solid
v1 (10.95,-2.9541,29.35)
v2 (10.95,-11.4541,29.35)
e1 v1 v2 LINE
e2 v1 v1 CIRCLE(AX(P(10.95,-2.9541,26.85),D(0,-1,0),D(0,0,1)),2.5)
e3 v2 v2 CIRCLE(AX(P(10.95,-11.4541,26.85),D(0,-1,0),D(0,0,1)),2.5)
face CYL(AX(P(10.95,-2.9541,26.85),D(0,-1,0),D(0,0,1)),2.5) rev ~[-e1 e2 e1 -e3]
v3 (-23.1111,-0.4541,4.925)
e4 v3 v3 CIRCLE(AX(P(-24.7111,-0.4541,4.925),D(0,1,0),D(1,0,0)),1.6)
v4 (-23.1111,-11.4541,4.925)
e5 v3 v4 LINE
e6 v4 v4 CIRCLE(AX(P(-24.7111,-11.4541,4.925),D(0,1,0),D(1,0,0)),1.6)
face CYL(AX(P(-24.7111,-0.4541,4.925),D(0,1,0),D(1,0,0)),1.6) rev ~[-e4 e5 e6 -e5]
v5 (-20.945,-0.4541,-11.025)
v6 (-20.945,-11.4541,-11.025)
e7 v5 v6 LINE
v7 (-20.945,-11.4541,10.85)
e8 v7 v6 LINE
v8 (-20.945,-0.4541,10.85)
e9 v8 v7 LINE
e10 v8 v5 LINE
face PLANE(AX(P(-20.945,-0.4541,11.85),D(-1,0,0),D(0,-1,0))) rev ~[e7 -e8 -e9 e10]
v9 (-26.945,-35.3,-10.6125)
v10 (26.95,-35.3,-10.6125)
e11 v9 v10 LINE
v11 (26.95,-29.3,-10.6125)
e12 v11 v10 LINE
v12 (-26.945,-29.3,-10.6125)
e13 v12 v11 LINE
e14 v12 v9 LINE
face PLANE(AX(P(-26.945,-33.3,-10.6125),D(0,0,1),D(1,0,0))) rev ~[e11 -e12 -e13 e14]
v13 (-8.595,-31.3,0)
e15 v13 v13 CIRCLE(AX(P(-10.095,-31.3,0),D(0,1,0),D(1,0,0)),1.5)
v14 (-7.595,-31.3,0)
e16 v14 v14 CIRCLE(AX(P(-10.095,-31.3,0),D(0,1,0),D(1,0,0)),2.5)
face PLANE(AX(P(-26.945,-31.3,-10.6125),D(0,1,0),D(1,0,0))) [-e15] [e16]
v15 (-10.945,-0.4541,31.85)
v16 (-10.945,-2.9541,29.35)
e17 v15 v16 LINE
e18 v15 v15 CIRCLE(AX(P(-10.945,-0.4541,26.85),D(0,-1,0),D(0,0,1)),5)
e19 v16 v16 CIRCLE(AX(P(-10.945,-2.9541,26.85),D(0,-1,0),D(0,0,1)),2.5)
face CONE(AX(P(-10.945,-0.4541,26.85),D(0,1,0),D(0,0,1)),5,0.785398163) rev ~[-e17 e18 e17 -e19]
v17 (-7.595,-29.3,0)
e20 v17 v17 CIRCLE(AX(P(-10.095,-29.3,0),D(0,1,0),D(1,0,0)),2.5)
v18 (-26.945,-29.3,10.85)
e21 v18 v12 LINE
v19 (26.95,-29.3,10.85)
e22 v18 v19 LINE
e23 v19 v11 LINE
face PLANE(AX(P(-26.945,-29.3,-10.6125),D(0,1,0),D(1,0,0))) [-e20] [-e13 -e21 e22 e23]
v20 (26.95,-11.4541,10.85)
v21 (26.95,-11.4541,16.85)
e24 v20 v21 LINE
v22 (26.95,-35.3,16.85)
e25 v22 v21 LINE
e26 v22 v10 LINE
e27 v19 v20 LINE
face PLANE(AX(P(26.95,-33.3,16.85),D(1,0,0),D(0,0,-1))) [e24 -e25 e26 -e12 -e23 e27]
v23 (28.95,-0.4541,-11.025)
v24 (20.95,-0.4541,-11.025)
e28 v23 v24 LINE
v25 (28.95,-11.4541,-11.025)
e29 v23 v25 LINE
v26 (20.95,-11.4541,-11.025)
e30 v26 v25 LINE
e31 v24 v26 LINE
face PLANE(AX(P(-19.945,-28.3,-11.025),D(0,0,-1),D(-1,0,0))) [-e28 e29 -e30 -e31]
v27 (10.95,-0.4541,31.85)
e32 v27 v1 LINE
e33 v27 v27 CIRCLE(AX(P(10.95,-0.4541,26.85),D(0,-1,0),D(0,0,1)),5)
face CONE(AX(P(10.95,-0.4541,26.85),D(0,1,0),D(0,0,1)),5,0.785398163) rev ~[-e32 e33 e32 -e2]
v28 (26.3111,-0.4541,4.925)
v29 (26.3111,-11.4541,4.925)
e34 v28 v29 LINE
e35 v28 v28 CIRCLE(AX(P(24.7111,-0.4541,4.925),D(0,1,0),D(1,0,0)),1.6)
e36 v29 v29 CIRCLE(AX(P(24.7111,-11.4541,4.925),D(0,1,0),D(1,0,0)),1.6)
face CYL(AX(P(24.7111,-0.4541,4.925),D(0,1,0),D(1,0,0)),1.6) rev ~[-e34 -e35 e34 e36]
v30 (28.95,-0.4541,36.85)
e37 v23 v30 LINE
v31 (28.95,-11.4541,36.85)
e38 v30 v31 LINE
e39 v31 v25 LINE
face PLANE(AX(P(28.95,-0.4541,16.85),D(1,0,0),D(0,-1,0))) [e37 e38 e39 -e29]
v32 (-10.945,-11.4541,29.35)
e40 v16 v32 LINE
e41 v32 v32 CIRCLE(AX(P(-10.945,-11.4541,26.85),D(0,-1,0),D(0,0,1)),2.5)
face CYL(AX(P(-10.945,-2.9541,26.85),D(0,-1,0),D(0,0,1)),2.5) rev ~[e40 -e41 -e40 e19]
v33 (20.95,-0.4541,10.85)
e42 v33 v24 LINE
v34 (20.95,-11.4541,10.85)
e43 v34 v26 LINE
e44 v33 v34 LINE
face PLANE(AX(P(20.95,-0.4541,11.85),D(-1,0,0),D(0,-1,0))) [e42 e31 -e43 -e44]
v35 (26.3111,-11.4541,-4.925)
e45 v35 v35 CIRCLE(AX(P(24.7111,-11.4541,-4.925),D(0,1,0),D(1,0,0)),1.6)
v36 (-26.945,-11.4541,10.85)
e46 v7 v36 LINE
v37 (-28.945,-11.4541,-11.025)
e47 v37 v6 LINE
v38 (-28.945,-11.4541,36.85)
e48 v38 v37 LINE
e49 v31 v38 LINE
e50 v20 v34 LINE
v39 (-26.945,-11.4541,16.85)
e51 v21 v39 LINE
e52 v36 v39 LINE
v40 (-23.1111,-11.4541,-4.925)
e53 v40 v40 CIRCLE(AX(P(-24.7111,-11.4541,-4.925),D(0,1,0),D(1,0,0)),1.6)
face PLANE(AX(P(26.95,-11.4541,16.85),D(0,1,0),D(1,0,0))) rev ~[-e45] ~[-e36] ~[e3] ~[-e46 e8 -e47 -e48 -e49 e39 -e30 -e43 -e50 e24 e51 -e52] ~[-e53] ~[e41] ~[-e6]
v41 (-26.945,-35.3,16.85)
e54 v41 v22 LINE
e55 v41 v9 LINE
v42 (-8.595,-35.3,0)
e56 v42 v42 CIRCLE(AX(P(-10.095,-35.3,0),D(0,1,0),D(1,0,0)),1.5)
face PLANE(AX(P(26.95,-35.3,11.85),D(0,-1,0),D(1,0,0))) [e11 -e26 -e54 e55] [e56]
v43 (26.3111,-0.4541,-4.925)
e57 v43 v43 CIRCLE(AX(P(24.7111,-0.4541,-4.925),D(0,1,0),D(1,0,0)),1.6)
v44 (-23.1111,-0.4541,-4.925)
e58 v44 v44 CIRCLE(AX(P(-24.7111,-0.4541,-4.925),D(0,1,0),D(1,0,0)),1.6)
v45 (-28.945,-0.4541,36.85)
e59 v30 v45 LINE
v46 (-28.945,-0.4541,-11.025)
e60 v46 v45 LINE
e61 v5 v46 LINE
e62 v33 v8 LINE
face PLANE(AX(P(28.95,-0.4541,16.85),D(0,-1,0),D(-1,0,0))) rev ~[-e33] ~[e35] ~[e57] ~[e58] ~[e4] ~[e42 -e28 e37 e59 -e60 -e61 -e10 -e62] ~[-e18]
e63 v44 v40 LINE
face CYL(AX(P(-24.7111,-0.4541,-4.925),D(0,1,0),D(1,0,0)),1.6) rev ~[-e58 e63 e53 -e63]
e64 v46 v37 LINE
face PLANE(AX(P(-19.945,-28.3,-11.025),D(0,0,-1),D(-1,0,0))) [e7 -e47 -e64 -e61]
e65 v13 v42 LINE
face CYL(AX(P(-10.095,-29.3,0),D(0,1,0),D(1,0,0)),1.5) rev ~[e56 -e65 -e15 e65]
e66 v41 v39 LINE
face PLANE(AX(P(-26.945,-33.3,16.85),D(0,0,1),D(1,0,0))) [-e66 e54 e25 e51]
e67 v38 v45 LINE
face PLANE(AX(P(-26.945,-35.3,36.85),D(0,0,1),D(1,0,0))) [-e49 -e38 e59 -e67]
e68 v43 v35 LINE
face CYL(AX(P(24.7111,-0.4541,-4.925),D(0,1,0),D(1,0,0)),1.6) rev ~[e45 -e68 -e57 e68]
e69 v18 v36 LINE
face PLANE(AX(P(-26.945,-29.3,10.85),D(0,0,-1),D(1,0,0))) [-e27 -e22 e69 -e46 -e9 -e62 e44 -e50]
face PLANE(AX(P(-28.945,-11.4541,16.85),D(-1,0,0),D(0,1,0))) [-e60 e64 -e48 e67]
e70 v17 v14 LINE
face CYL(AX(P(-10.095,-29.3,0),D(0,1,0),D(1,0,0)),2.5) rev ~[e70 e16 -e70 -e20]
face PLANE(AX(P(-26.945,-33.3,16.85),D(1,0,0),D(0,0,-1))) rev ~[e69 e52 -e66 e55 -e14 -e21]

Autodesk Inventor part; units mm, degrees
ref_plane "Work Plane1" through (-19.25, -0.5, 9.85) normal (0, 0, 1) x (1, 0, 0)
sketch "Sketch1" plane through (-19.25, -0.5, 9.85) normal (0, 0, 1) x (1, 0, 0)
  line L0 (-0.695, -27.8) -> (39.2, -27.8)
  line L1 (39.2, -27.8) -> (39.2, 8.9608)
  line L2 (39.2, 8.9608) -> (-0.695, 8.9608)
  line L3 (-0.695, 8.9608) -> (-0.695, -27.8)
  point P0 (19.25, 0.5)
extrude "Extrusion1" add sketch "Sketch1" along normal blind 3
ref_plane "Work Plane2" through (-19.25, -0.5, 12.85) normal (0, 0, 1) x (1, 0, 0)
sketch "Sketch2" plane through (-19.25, -0.5, 12.85) normal (0, 0, 1) x (1, 0, 0)
  line L0 (39.2, -27.8) -> (39.2, 8.9608) projected
  line L1 (39.2, -27.8) -> (-0.695, -27.8)
  line L2 (-0.695, -27.8) -> (-0.695, 8.9608)
  line L3 (-0.695, 8.9608) -> (39.2, 8.9608)
  line L4 (39.2, 8.9608) -> (39.2, -27.8)
  point P0 (19.25, 0.5)
  point P1 (39.2, 8.9608)
extrude "Extrusion2" add sketch "Sketch2" along normal blind 5
ref_plane "Work Plane4" through (19.95, -28.3, 9.85) normal (1, 0, 0) x (0, 0, -1)
sketch "Sketch3" plane through (19.95, -28.3, 9.85) normal (1, 0, 0) x (0, 0, -1)
  line L0 (0, 0) -> (0, 36.7608) projected
  line L1 (0, 0) -> (-8, 0) projected
  line L2 (0, 36.7608) -> (-2, 36.7608)
  line L3 (-2, 36.7608) -> (-2, 0)
  line L4 (-2, 0) -> (0, 0)
  line L5 (0, 0) -> (0, 36.7608)
  point P0 (9.85, 28.3)
  dimension "d4" = 2
extrude "Extrusion3" cut sketch "Sketch3" against normal blind 50
ref_plane "Work Plane3" through (19.95, -28.3, 17.85) normal (1, 0, 0) x (0, 0, -1)
sketch "Sketch4" plane through (19.95, -28.3, 17.85) normal (1, 0, 0) x (0, 0, -1)
  line L0 (6, 0) -> (0, 0) projected
  line L1 (6, 36.7608) -> (0, 36.7608) projected
  line L2 (0, 0) -> (1, 0)
  line L3 (1, 0) -> (1, 36.7608)
  line L4 (1, 36.7608) -> (0, 36.7608)
  line L5 (0, 36.7608) -> (0, 0)
  point P0 (17.85, 28.3)
  point P1 (1, 0)
  dimension "d7" = 1
extrude "Extrusion4" cut sketch "Sketch4" against normal blind 50
ref_plane "Work Plane5" through (19.95, -28.3, 11.85) normal (1, 0, 0) x (0, 0, -1)
sketch "Sketch5" plane through (19.95, -28.3, 11.85) normal (1, 0, 0) x (0, 0, -1)
  line L0 (-5, 36.7608) -> (-5, 0) projected
  line L1 (0, 0) -> (0, 36.7608) projected
  line L2 (-5, 36.7608) -> (0, 36.7608)
  line L3 (0, 36.7608) -> (0, 0)
  line L4 (0, 0) -> (-5, 0)
  line L5 (-5, 0) -> (-5, 36.7608)
  point P0 (11.85, 28.3)
extrude "Extrusion5" add sketch "Sketch5" along normal blind 7
ref_plane "Work Plane6" through (-19.945, -28.3, 11.85) normal (0, 0, -1) x (-1, 0, 0)
sketch "Sketch6" plane through (-19.945, -28.3, 11.85) normal (0, 0, -1) x (-1, 0, 0)
  line L0 (-46.895, 0) -> (-46.895, 36.7608) projected
  line L1 (-46.895, 27.8459) -> (-40.895, 27.8459)
  line L2 (-40.895, 27.8459) -> (-40.895, 11.8459)
  line L3 (-40.895, 11.8459) -> (-46.895, 11.8459)
  line L4 (-46.895, 11.8459) -> (-46.895, 27.8459)
  point P0 (-19.945, 28.3)
  dimension "d12" = 6
  dimension "d13" = 16
extrude "Extrusion6" add sketch "Sketch6" along normal blind 22.875
sketch "Sketch7" plane through (20.95, -0.4541, 11.85) normal (0, 1, 0) x (1, 0, 0)
  arc A0 (5.4164, 8.2173) -> (5.4164, 5.6327) centre (3.7611, 6.925) ccw projected
  circle A1 centre (3.7611, 6.925) radius 2.5
  arc A2 (5.4164, 18.0673) -> (5.4164, 15.4827) centre (3.7611, 16.775) ccw projected
  circle A3 centre (3.7611, 16.775) radius 2.5
  point P0 (-20.95, 11.85)
  dimension "d16" = 5
  dimension "d17" = 5
extrude "Extrusion7" cut sketch "Sketch7" against normal blind 22.875
ref_plane "Work Plane7" through (26.95, -28.3, 11.85) normal (1, 0, 0) x (0, 0, -1)
sketch "Sketch8" plane through (26.95, -28.3, 11.85) normal (1, 0, 0) x (0, 0, -1)
  line L0 (0, 11.8459) -> (22.875, 11.8459) projected
  line L1 (22.875, 27.8459) -> (22.875, 11.8459) projected
  line L2 (0, 11.8459) -> (22.875, 11.8459)
  line L3 (22.875, 11.8459) -> (22.875, 16.8459)
  line L4 (22.875, 16.8459) -> (0, 16.8459)
  line L5 (0, 16.8459) -> (0, 11.8459)
  point P0 (11.85, 28.3)
  dimension "d20" = 5
extrude "Extrusion8" cut sketch "Sketch8" against normal blind 6.7
ref_plane "Work Plane8" through (-19.945, -28.3, 11.85) normal (-1, 0, 0) x (0, 0, 1)
sketch "Sketch9" plane through (-19.945, -28.3, 11.85) normal (-1, 0, 0) x (0, 0, 1)
  line L0 (0, 36.7608) -> (0, 0) projected
  line L1 (5, 0) -> (0, 0) projected
  line L2 (0, 36.7608) -> (5, 36.7608)
  line L3 (5, 36.7608) -> (5, 0)
  line L4 (5, 0) -> (0, 0)
  line L5 (0, 0) -> (0, 36.7608)
  point P0 (-11.85, 28.3)
extrude "Extrusion9" add sketch "Sketch9" along normal blind 7
ref_plane "Work Plane10" through (26.95, -0.4541, 11.85) normal (0, 0, -1) x (-1, 0, 0)
sketch "Sketch11" plane through (26.95, -0.4541, 11.85) normal (0, 0, -1) x (-1, 0, 0)
  line L0 (53.895, -27.8459) -> (53.895, 8.9148) projected
  line L1 (53.895, 0) -> (47.895, 0)
  line L2 (47.895, 0) -> (47.895, -11)
  line L3 (47.895, -11) -> (53.895, -11)
  line L4 (53.895, -11) -> (53.895, 0)
  point P0 (26.95, 0.4541)
  dimension "d25" = 6
extrude "Extrusion10" add sketch "Sketch11" along normal blind 22.875
sketch "Sketch12" plane through (-26.945, -0.4541, 11.85) normal (0, 1, 0) x (1, 0, 0)
  arc A0 (0.5786, 15.4827) -> (0.5786, 18.0673) centre (2.2339, 16.775) ccw projected
  circle A1 centre (2.2339, 16.775) radius 2.5
  arc A2 (0.5786, 5.6327) -> (0.5786, 8.2173) centre (2.2339, 6.925) ccw projected
  circle A3 centre (2.2339, 6.925) radius 2.5
  point P0 (26.945, 11.85)
  dimension "d28" = 5
  dimension "d29" = 5
extrude "Extrusion11" cut sketch "Sketch12" against normal blind 22.875
ref_plane "Work Plane11" through (-26.945, -28.3, 11.85) normal (-1, 0, 0) x (0, 0, 1)
sketch "Sketch13" plane through (-26.945, -28.3, 11.85) normal (-1, 0, 0) x (0, 0, 1)
  line L0 (0, 16.8459) -> (0, 27.8459) projected
  line L1 (5, 36.7608) -> (0, 36.7608) projected
  line L2 (0, 27.8459) -> (5, 27.8459)
  line L3 (5, 27.8459) -> (5, 36.7608)
  line L4 (5, 36.7608) -> (0, 36.7608)
  line L5 (0, 36.7608) -> (0, 27.8459)
  point P0 (-11.85, 28.3)
extrude "Extrusion12" cut sketch "Sketch13" against normal blind 67.325
ref_plane "Work Plane9" through (26.95, -28.3, 11.85) normal (0, -1, 0) x (1, 0, 0)
sketch "Sketch14" plane through (26.95, -28.3, 11.85) normal (0, -1, 0) x (1, 0, 0)
  line L0 (0, 5) -> (0, 0) projected
  line L1 (0, 5) -> (-53.895, 5) projected
  line L2 (0, 0) -> (-53.895, 0)
  line L3 (-53.895, 0) -> (-53.895, 5)
  line L4 (-53.895, 5) -> (0, 5)
  line L5 (0, 5) -> (0, 0)
  point P0 (-26.95, -11.85)
extrude "Extrusion13" add sketch "Sketch14" along normal blind 5
ref_plane "Work Plane12" through (26.95, -11.4541, 11.85) normal (0, 0, -1) x (-1, 0, 0)
sketch "Sketch15" plane through (26.95, -11.4541, 11.85) normal (0, 0, -1) x (-1, 0, 0)
  line L0 (53.895, -21.8459) -> (0, -21.8459) projected
  line L1 (53.895, 11) -> (53.895, -21.8459) projected
  line L2 (0, -21.8459) -> (53.895, -21.8459)
  line L3 (53.895, -21.8459) -> (53.895, -17.8459)
  line L4 (53.895, -17.8459) -> (0, -17.8459)
  line L5 (0, -17.8459) -> (0, -21.8459)
  point P0 (26.95, 11.4541)
  dimension "d36" = 4
extrude "Extrusion14" add sketch "Sketch15" along normal blind 22.4625
ref_plane "Work Plane13" through (-26.945, -29.3, 11.85) normal (0, 1, 0) x (1, 0, 0)
sketch "Sketch16" plane through (-26.945, -29.3, 11.85) normal (0, 1, 0) x (1, 0, 0)
  line L0 (53.895, 0) -> (53.895, 22.4625) projected
  line L1 (0, 0) -> (0, 22.4625) projected
  line L2 (53.895, 0) -> (0, 0)
  line L3 (0, 0) -> (0, 1)
  line L4 (0, 1) -> (53.895, 1)
  line L5 (53.895, 1) -> (53.895, 0)
  point P0 (26.945, 11.85)
  point P1 (53.895, 1)
  dimension "d39" = 1
extrude "Extrusion15" add sketch "Sketch16" along normal blind 30
ref_plane "Work Plane14" through (26.95, -28.3, 11.85) normal (1, 0, 0) x (0, 0, -1)
sketch "Sketch17" plane through (26.95, -28.3, 11.85) normal (1, 0, 0) x (0, 0, -1)
  line L0 (0, 29) -> (1, 29) projected
  line L1 (5.8126, 27.8459) -> (1, 27.8459) projected
  line L2 (0, 29) -> (1, 29)
  line L3 (1, 29) -> (1, 27.8459)
  line L4 (1, 27.8459) -> (0, 27.8459)
  line L5 (0, 27.8459) -> (0, 29)
  point P0 (11.85, 28.3)
extrude "Extrusion16" cut sketch "Sketch17" against normal blind 100
sketch "Sketch19" plane through (26.95, -33.3, 11.85) normal (0, -1, 0) x (1, 0, 0)
  circle A0 centre (-16.85, -11.85) radius 5
  circle A1 centre (-16.85, -11.85) radius 1.5
  point P0 (-26.95, -11.85)
  dimension "d47" = 10
  dimension "d50" = 3
extrude "Extrusion20" cut sketch "Sketch19" against normal blind 10 contours A1
sketch "Sketch20" plane through (26.95, -33.3, 11.85) normal (0, -1, 0) x (1, 0, 0)
  line L0 (-53.895, -22.4625) -> (0, -22.4625) projected
  line L1 (-53.895, 5) -> (-53.895, -22.4625) projected
  line L2 (0, -22.4625) -> (-53.895, -22.4625)
  line L3 (-53.895, -22.4625) -> (-53.895, 5)
  line L4 (-53.895, 5) -> (0, 5)
  line L5 (0, 5) -> (0, -22.4625)
  point P0 (-26.95, -11.85)
extrude "Extrusion21" add sketch "Sketch20" along normal blind 2
sketch "Sketch21" plane through (-26.945, -29.3, -10.6125) normal (0, 1, 0) x (1, 0, 0)
  circle A0 centre (37.045, -10.6125) radius 1.5 projected
  circle A1 centre (37.045, -10.6125) radius 1.5
  point P0 (26.945, -10.6125)
extrude "Extrusion22" cut sketch "Sketch21" against normal blind 10
sketch "Sketch22" plane through (-26.945, -29.3, -10.6125) normal (0, 1, 0) x (1, 0, 0)
  circle A0 centre (37.045, -10.6125) radius 1.5 projected
  circle A1 centre (37.045, -10.6125) radius 2.5
  point P0 (26.945, -10.6125)
  dimension "d59" = 5
extrude "Extrusion23" cut sketch "Sketch22" against normal blind 2
sketch "Sketch23" plane through (-19.945, -28.3, -11.025) normal (0, 0, -1) x (-1, 0, 0)
  line L0 (-46.895, 27.8459) -> (-46.895, 16.8459) projected
  line L1 (-46.895, 27.8459) -> (-48.895, 27.8459)
  line L2 (-48.895, 27.8459) -> (-48.895, 16.8459)
  line L3 (-48.895, 16.8459) -> (-46.895, 16.8459)
  line L4 (-46.895, 16.8459) -> (-46.895, 27.8459)
  line L5 (7, 16.8459) -> (7, 27.8459) projected
  line L6 (7, 27.8459) -> (9, 27.8459)
  line L7 (9, 27.8459) -> (9, 16.8459)
  line L8 (9, 16.8459) -> (7, 16.8459)
  line L9 (7, 16.8459) -> (7, 27.8459)
  point P0 (-19.945, 28.3)
  dimension "d62" = 2
  dimension "d63" = 2
extrude "Extrusion24" add sketch "Sketch23" against normal up to surface (27.875 mm away)
sketch "Sketch24" plane through (-20.945, -0.4541, 10.85) normal (0, 1, 0) x (1, 0, 0)
  arc A0 (47.895, 7.0374) -> (47.895, 4.8126) centre (45.6561, 5.925) ccw projected
  circle A1 centre (45.6561, 5.925) radius 1.6
  arc A2 (47.895, 16.8874) -> (47.895, 14.6626) centre (45.6561, 15.775) ccw projected
  circle A3 centre (45.6561, 15.775) radius 1.6
  circle A4 centre (45.6561, 5.925) radius 2.5
  circle A5 centre (45.6561, 15.775) radius 2.5
  point P0 (20.945, 10.85)
  point P1 (47.895, 4.8126)
  dimension "d66" = 3.2
  dimension "d67" = 3.2
extrude "Extrusion25" add sketch "Sketch24" against normal up to surface (11 mm away)
sketch "Sketch25" plane through (-20.945, -0.4541, 10.85) normal (0, 1, 0) x (1, 0, 0)
  arc A0 (-6, 4.8025) -> (-6, 7.0475) centre (-3.7661, 5.925) ccw projected
  circle A1 centre (-3.7661, 5.925) radius 1.6
  arc A2 (-6, 14.6525) -> (-6, 16.8975) centre (-3.7661, 15.775) ccw projected
  circle A3 centre (-3.7661, 15.775) radius 1.6
  circle A4 centre (-3.7661, 15.775) radius 2.5
  circle A5 centre (-3.7661, 5.925) radius 2.5
  point P0 (20.945, 10.85)
  point P1 (-6, 7.0475)
  dimension "d70" = 3.2
  dimension "d71" = 3.2
  dimension "d72" = 5
  dimension "d73" = 5
extrude "Extrusion26" add sketch "Sketch25" against normal up to surface (11 mm away)
sketch "Sketch26" plane through (-26.945, -35.3, 16.85) normal (0, 0, 1) x (1, 0, 0)
  line L0 (55.895, 34.8459) -> (-2, 34.8459) projected
  line L1 (53.895, 23.8459) -> (55.895, 23.8459) projected
  line L2 (-2, 34.8459) -> (55.895, 34.8459)
  line L3 (55.895, 34.8459) -> (55.895, 23.8459)
  line L4 (55.895, 23.8459) -> (-2, 23.8459)
  line L5 (-2, 23.8459) -> (-2, 34.8459)
  point P0 (26.945, 35.3)
extrude "Extrusion27" add sketch "Sketch26" along normal blind 20
sketch "Sketch27" plane through (-20.945, -0.4541, 10.85) normal (0, 1, 0) x (1, 0, 0)
  line L0 (49.895, 21.875) -> (49.895, -26) projected
  line L1 (49.895, -26) -> (49.895, -16)
  line L2 (49.895, -16) -> (-8, -16)
  line L3 (-8, 21.875) -> (-8, -26) projected
  line L4 (49.895, -16) -> (31.895, -16)
  line L5 (-8, -16) -> (10, -16)
  circle A0 centre (31.895, -16) radius 5
  circle A1 centre (10, -16) radius 5
  point P0 (20.945, 10.85)
  dimension "d78" = 10
  dimension "d79" = 18
  dimension "d80" = 18
  dimension "d81" = 10
  dimension "d82" = 10
hole "Hole1" at (-10.945, -0.4541, 26.85) at (10.95, -0.4541, 26.85) direction (0, -1, 0) diameter 5 end through all countersink diameter 10 countersink angle 90
sketch "Sketch28" plane through (-26.945, -29.3, -10.6125) normal (0, 1, 0) x (1, 0, 0)
  circle A0 centre (37.045, -10.6125) radius 2.5 projected
  line L0 (37.045, -10.6125) -> (53.895, -10.6125)
  line L1 (53.895, 0) -> (53.895, -27.4625) projected
  line L2 (0, -27.4625) -> (0, 0) projected
  line L3 (0, -10.6125) -> (16.85, -10.6125)
  line L4 (0, -10.6125) -> (16.85, -10.6125) construction
  line L5 (16.85, -10.6125) -> (37.045, -10.6125)
  circle A1 centre (16.85, -10.6125) radius 1.5
  point P0 (26.945, -10.6125)
  dimension "d90" = 16.85
  dimension "d91" = 0
  dimension "d92" = 3
extrude "Extrusion28" cut sketch "Sketch28" against normal blind 10 contours A1 L3 L5 | L5 L3 A1
sketch "Sketch29" plane through (-26.945, -29.3, -10.6125) normal (0, 1, 0) x (1, 0, 0)
  circle A0 centre (16.85, -10.6125) radius 1.5 projected
  circle A1 centre (16.85, -10.6125) radius 2.5
  point P0 (26.945, -10.6125)
  dimension "d95" = 5
extrude "Extrusion29" cut sketch "Sketch29" against normal up to surface (2 mm away) contours A0 | A1
sketch "Sketch30" plane through (-26.945, -29.3, -10.6125) normal (0, 1, 0) x (1, 0, 0)
  circle A0 centre (37.045, -10.6125) radius 2.5 projected
  circle A1 centre (37.045, -10.6125) radius 2.5
  point P0 (26.945, -10.6125)
extrude "Extrusion30" add sketch "Sketch30" against normal up to surface (6 mm away)
properties part number "woodHold" material "钢"
